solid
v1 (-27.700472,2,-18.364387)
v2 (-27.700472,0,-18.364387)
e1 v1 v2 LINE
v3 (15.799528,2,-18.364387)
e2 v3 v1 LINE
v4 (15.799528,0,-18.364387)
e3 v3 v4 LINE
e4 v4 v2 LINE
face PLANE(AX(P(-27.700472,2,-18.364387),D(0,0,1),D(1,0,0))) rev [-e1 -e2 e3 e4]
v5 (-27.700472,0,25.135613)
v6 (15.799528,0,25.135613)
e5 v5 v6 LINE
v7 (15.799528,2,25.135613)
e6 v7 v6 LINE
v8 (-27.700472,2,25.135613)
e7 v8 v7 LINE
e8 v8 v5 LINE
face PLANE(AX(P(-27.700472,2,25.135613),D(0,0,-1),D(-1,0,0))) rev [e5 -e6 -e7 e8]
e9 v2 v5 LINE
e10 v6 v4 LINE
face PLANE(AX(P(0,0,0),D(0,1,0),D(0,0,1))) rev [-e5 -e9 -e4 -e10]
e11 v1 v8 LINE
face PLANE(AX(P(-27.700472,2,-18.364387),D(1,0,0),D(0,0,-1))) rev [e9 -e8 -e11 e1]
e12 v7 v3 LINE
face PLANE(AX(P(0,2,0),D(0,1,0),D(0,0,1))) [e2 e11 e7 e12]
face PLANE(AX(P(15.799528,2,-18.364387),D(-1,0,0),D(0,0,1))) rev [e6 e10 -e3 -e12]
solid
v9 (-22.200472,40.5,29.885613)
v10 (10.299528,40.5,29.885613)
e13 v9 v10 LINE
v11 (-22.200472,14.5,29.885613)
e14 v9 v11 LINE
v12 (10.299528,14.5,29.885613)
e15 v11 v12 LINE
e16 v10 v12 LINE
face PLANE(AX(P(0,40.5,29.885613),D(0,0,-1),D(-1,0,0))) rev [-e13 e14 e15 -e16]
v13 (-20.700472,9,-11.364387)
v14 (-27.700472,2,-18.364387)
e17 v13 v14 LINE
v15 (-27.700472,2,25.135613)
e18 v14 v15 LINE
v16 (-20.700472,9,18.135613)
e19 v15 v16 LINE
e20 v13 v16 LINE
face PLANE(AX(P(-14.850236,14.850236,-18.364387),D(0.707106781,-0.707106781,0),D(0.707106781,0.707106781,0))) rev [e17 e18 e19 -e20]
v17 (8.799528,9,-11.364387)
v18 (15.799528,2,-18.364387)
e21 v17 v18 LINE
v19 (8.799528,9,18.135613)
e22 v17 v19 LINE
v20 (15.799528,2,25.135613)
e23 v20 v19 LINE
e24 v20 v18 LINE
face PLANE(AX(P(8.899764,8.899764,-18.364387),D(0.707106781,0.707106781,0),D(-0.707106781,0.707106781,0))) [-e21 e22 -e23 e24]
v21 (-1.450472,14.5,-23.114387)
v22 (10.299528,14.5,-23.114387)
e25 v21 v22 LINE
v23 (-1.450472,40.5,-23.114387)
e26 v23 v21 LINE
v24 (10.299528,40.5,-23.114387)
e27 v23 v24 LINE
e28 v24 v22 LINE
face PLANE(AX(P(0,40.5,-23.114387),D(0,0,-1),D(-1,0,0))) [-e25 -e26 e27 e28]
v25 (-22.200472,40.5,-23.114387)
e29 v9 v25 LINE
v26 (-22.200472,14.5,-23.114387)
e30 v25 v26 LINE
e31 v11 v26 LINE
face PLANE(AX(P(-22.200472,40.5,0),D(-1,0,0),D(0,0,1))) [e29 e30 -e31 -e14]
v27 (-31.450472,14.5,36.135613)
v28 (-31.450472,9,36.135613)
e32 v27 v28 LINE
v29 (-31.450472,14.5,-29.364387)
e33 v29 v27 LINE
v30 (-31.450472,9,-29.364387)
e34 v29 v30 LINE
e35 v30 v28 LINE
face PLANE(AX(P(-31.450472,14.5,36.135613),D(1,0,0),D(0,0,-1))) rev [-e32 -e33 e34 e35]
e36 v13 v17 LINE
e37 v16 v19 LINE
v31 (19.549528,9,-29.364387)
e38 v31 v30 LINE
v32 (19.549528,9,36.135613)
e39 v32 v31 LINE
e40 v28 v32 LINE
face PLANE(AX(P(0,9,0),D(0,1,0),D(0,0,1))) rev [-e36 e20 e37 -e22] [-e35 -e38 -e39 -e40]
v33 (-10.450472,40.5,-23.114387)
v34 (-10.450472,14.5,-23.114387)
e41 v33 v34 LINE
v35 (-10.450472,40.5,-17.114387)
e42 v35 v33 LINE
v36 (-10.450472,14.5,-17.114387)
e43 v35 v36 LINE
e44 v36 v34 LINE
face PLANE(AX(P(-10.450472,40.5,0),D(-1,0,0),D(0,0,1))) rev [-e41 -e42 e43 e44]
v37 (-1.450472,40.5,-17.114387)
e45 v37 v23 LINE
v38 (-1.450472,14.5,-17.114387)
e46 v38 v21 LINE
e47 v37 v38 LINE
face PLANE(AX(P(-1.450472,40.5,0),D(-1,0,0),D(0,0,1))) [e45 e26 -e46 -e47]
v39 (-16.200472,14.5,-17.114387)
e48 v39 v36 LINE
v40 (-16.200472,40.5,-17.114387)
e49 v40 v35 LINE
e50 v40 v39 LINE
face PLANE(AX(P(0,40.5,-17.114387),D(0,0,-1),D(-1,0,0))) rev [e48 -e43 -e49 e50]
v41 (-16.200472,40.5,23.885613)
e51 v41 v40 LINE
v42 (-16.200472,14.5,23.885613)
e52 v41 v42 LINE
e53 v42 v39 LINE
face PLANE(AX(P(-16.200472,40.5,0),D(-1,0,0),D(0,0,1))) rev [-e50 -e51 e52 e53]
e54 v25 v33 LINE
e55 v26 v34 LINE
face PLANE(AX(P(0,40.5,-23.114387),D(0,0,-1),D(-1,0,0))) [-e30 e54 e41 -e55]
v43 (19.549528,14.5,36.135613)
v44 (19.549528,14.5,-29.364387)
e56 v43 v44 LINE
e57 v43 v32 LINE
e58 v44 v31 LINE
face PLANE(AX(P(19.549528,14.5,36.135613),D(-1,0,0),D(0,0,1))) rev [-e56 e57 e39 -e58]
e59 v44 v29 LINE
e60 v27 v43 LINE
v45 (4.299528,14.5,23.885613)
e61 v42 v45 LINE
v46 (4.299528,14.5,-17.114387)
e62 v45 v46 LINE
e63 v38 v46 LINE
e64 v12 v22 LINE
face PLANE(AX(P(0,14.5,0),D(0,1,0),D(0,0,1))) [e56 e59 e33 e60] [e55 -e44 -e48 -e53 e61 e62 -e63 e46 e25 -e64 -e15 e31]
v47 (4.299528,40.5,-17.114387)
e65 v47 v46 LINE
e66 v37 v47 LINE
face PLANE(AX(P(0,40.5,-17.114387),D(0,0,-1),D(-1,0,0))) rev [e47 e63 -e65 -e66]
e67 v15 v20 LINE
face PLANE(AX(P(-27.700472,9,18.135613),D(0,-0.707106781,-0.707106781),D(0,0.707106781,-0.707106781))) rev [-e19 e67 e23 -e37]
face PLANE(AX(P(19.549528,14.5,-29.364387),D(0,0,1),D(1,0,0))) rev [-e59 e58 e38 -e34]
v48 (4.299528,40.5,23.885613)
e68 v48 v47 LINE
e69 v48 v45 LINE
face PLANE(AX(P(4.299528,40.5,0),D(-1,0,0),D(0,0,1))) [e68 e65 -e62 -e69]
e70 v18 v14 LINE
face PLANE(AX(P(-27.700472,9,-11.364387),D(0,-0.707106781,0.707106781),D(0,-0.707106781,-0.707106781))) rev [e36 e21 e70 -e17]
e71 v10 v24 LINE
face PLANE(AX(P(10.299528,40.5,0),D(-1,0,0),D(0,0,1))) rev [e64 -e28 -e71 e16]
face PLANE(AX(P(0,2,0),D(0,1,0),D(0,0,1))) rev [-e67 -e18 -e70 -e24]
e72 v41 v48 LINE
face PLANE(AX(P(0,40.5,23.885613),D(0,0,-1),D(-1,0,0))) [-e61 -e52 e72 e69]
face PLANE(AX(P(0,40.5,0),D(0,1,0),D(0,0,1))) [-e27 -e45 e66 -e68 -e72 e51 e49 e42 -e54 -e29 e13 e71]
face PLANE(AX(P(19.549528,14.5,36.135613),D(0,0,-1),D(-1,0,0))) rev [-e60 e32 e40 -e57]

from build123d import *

# Parameters (mm, degrees)
SKETCH1_W           = 43.5
SKETCH1_H           = 43.5
BOSS_EXTRUDE1_DEPTH = 2
SKETCH2_W           = 43.5
SKETCH2_H           = 43.5
BOSS_EXTRUDE3_DEPTH = 7
CUT_EXTRUDE1_DEPTH  = 53.350416735
CUT_EXTRUDE2_DEPTH  = 52.039681144
SKETCH7_W           = 51
SKETCH7_H           = 65.5
BOSS_EXTRUDE4_DEPTH = 5.5
BOSS_EXTRUDE5_DEPTH = 26


with BuildPart() as part:
    # Sketch1 → Boss-Extrude1 (new body)
    with BuildSketch(Plane(origin=(0, 0, 0), x_dir=(1, 0, 0), z_dir=(0, 1, 0))):
        with Locations((-5.950471698, -3.385613208)):
            Rectangle(SKETCH1_W, SKETCH1_H)
    extrude(amount=BOSS_EXTRUDE1_DEPTH)


with BuildPart() as body_2:
    # Sketch2 → Boss-Extrude3 (new body)
    with BuildSketch(Plane(origin=(0, 2, 0), x_dir=(1, 0, 0), z_dir=(0, 1, 0))):
        with Locations((-5.950471698, -3.385613208)):
            Rectangle(SKETCH2_W, SKETCH2_H)
    extrude(amount=BOSS_EXTRUDE3_DEPTH)

    # Sketch5 → Cut-Extrude1 (cut, through all)
    with BuildSketch(Plane.XY.offset(25.135613208)):
        Polygon((15.799528302, 9), (8.799528302, 9), (15.799528302, 2), align=None)
        Polygon((-27.700471698, 9), (-27.700471698, 2), (-20.700471698, 9), align=None)
    extrude(amount=-CUT_EXTRUDE1_DEPTH, mode=Mode.SUBTRACT)

    # Sketch6 → Cut-Extrude2 (cut, through all)
    with BuildSketch(Plane(origin=(15.799528302, 0, 0), x_dir=(0, 0, -1), z_dir=(1, 0, 0))):
        Polygon((-25.135613208, 2), (-25.135613208, 9), (-18.135613208, 9), align=None)
        Polygon((18.364386792, 2), (18.364386792, 9), (11.364386792, 9), align=None)
    extrude(amount=-CUT_EXTRUDE2_DEPTH, mode=Mode.SUBTRACT)

    # Sketch7 → Boss-Extrude4 (add)
    with BuildSketch(Plane(origin=(0, 9, 0), x_dir=(1, 0, 0), z_dir=(0, 1, 0))):
        with Locations((-5.950471698, -3.385613208)):
            Rectangle(SKETCH7_W, SKETCH7_H)
    extrude(amount=BOSS_EXTRUDE4_DEPTH)

    # Sketch9 → Boss-Extrude5 (add)
    with BuildSketch(Plane(origin=(0, 14.5, 0), x_dir=(1, 0, 0), z_dir=(0, 1, 0))):
        Polygon((-22.200471698, 23.114386792), (-22.200471698, -29.885613208), (10.299528302, -29.885613208), (10.299528302, 23.114386792), (-1.450471698, 23.114386792), (-1.450471698, 17.114386792), (4.299528302, 17.114386792), (4.299528302, -23.885613208), (-16.200471698, -23.885613208), (-16.200471698, 17.114386792), (-10.450471698, 17.114386792), (-10.450471698, 23.114386792), align=None)
    extrude(amount=BOSS_EXTRUDE5_DEPTH)


solid = Compound([part.part, body_2.part])
